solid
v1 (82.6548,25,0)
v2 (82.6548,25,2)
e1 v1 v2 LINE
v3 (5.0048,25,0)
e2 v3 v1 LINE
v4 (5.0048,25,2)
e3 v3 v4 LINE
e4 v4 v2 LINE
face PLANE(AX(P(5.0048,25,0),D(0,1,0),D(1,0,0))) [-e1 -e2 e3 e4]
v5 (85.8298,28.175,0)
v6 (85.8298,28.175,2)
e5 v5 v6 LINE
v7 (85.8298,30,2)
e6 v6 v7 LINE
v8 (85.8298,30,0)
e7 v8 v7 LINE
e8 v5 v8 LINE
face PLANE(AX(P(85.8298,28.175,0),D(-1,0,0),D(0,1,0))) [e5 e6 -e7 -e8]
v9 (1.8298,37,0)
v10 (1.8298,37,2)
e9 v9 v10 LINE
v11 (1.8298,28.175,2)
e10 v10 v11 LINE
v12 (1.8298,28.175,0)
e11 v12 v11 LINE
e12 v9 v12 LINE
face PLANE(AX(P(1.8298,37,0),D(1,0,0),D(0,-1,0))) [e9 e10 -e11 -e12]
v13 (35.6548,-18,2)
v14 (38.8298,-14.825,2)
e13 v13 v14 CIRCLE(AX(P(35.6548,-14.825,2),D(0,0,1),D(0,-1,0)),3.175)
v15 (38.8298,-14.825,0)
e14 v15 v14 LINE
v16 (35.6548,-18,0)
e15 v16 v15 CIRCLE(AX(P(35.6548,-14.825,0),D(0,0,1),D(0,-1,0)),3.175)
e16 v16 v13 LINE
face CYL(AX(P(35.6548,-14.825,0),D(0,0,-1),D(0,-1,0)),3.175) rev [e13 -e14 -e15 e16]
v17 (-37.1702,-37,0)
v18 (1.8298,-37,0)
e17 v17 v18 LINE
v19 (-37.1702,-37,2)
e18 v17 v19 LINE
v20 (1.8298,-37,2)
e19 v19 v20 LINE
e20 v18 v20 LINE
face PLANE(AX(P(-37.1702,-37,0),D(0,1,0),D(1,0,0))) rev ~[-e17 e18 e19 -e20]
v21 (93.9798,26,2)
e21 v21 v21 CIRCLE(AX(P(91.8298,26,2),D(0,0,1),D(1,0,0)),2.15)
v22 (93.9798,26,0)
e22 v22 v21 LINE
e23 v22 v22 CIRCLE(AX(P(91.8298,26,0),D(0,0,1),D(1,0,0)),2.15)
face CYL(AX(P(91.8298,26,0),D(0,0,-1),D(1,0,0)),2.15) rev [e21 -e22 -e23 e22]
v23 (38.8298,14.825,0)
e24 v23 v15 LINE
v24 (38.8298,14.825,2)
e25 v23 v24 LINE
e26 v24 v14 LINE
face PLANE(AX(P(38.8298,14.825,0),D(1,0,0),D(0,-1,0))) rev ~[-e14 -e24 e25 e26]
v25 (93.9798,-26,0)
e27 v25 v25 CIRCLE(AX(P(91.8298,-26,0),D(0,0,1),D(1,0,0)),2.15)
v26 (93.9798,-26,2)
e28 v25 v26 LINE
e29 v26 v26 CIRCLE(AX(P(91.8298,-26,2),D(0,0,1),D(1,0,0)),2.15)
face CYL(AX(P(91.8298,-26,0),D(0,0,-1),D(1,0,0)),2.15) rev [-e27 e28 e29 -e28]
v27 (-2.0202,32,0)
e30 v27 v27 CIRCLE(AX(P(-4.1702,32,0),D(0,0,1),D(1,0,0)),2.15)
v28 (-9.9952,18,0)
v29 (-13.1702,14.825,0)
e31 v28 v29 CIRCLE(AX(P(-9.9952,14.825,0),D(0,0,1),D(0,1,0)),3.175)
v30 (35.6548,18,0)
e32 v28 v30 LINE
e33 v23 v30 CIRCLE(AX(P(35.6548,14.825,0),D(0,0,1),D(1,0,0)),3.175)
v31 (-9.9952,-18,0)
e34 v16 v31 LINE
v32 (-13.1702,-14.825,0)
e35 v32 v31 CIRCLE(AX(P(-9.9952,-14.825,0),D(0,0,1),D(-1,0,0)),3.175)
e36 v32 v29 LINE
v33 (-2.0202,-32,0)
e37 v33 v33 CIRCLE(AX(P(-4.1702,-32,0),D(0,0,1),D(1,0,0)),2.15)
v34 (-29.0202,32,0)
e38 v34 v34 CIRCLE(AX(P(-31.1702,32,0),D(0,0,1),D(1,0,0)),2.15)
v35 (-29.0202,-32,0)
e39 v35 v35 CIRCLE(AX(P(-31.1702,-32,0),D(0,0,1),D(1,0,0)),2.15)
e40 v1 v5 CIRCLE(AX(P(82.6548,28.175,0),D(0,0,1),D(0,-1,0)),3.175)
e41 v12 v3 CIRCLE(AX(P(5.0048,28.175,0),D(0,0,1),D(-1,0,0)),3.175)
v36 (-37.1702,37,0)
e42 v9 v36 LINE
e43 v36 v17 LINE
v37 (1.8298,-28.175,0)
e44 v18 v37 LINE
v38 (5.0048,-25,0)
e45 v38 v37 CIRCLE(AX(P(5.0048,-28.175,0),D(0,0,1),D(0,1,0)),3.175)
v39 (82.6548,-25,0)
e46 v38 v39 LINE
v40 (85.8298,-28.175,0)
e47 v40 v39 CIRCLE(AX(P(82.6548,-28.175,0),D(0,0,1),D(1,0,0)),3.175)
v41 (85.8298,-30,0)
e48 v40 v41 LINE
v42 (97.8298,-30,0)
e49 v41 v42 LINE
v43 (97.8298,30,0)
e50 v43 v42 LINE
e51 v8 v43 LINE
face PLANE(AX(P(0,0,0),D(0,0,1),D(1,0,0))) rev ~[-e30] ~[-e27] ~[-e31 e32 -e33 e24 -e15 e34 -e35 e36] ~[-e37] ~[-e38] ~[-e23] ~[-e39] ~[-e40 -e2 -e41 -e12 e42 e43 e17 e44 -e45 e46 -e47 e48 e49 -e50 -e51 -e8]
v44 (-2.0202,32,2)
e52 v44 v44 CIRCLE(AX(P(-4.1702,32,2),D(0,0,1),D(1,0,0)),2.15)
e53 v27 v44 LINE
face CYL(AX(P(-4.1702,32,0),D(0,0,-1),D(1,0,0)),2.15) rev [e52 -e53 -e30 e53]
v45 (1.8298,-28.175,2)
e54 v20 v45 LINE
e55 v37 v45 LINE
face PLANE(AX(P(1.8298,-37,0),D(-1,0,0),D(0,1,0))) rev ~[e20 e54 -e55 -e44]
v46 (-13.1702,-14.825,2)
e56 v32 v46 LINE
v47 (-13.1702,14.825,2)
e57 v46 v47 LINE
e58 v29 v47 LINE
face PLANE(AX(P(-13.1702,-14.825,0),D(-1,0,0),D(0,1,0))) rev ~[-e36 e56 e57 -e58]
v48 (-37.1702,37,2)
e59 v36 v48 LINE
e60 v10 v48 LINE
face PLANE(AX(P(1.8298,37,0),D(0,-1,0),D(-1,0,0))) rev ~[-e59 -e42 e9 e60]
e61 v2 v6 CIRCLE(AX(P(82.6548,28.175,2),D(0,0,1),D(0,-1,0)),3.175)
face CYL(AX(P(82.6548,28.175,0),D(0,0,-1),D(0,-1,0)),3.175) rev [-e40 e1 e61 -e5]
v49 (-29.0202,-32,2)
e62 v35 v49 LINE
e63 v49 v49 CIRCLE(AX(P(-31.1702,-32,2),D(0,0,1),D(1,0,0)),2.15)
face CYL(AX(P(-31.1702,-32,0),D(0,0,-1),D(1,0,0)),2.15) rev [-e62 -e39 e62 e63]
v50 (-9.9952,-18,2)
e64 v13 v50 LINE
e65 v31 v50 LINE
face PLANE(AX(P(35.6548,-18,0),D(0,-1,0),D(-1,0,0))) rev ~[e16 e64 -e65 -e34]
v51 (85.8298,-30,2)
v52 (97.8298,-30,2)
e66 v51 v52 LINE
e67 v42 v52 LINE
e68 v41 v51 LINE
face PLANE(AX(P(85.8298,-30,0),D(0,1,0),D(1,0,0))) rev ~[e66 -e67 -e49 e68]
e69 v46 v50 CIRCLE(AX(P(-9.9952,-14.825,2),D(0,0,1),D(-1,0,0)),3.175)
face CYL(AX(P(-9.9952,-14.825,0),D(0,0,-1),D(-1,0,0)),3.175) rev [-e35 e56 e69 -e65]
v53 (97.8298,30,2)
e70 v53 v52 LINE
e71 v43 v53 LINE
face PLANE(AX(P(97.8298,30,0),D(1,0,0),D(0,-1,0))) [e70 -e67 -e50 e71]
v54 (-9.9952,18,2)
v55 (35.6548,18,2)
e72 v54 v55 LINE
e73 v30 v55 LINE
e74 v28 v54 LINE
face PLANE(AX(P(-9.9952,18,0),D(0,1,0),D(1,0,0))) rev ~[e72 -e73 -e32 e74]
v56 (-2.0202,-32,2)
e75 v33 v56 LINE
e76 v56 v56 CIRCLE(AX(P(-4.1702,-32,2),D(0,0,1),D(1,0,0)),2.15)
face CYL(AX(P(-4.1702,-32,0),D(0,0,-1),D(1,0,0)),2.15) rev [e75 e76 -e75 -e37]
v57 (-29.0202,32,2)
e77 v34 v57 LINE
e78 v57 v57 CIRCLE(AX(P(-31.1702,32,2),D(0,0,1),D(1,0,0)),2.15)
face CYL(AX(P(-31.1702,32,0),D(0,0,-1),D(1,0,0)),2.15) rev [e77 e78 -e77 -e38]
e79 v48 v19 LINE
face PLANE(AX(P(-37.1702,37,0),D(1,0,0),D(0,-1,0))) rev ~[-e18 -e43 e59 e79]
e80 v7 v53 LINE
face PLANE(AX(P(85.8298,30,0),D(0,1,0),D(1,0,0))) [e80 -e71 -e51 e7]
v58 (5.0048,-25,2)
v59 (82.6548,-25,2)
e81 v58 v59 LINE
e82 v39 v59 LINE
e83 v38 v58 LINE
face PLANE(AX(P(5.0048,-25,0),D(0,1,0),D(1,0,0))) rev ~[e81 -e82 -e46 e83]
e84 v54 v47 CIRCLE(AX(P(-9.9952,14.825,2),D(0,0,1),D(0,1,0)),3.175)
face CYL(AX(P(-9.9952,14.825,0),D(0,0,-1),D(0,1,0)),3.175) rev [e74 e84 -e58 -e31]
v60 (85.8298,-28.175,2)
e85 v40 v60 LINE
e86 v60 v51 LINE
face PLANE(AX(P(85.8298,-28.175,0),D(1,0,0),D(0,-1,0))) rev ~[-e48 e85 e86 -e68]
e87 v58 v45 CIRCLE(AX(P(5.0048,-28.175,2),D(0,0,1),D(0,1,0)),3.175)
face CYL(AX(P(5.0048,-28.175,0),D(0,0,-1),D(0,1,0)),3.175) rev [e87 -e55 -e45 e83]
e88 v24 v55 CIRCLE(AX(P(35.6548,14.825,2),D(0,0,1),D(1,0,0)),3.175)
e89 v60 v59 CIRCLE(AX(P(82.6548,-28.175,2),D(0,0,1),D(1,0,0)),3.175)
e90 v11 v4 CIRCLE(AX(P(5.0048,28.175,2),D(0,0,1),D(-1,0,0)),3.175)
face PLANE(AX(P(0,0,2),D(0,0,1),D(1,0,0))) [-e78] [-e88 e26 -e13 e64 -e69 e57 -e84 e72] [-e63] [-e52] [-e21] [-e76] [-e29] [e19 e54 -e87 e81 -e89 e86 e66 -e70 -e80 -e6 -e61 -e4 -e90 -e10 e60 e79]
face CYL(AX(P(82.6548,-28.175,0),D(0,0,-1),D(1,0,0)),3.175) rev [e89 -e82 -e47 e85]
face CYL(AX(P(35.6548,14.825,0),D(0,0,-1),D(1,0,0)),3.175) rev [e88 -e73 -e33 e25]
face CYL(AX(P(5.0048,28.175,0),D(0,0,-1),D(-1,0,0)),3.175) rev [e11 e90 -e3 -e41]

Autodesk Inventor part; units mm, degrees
ref_plane "YZ Plane" through (0, 0, 0) normal (1, 0, 0) x (0, 1, 0)
ref_plane "XZ Plane" through (0, 0, 0) normal (0, 1, 0) x (-1, 0, 0)
ref_plane "XY Plane" through (0, 0, 0) normal (0, 0, 1) x (1, 0, 0)
sketch "Sketch1" plane through (0, 0, 0) normal (0, 0, 1) x (1, 0, 0)
  circle A0 centre (91.8298, -26) radius 2.15
  circle A1 centre (91.8298, 26) radius 2.15
  line L0 (1.8298, 37) -> (-37.1702, 37)
  line L1 (-37.1702, 37) -> (-37.1702, -37)
  line L2 (-37.1702, -37) -> (1.8298, -37)
  circle A2 centre (-4.1702, -32) radius 2.15
  circle A3 centre (-31.1702, -32) radius 2.15
  circle A4 centre (-31.1702, 32) radius 2.15
  circle A5 centre (-4.1702, 32) radius 2.15
  line L3 (-9.9952, 18) -> (35.6548, 18)
  line L4 (38.8298, 14.825) -> (38.8298, -14.825)
  line L5 (35.6548, -18) -> (-9.9952, -18)
  line L6 (-13.1702, -14.825) -> (-13.1702, 14.825)
  arc A6 (-9.9952, 18) -> (-13.1702, 14.825) centre (-9.9952, 14.825) ccw
  arc A7 (-13.1702, -14.825) -> (-9.9952, -18) centre (-9.9952, -14.825) ccw
  arc A8 (38.8298, 14.825) -> (35.6548, 18) centre (35.6548, 14.825) ccw
  arc A9 (35.6548, -18) -> (38.8298, -14.825) centre (35.6548, -14.825) ccw
  line L7 (85.8298, 28.175) -> (85.8298, 30)
  line L8 (85.8298, 30) -> (97.8298, 30)
  line L9 (97.8298, 30) -> (97.8298, -30)
  line L10 (85.8298, -28.175) -> (85.8298, -30)
  line L11 (85.8298, -30) -> (97.8298, -30)
  arc A10 (82.6548, 25) -> (85.8298, 28.175) centre (82.6548, 28.175) ccw
  arc A11 (85.8298, -28.175) -> (82.6548, -25) centre (82.6548, -28.175) ccw
  line L12 (1.8298, 37) -> (1.8298, 28.175)
  line L13 (5.0048, 25) -> (82.6548, 25)
  line L14 (1.8298, -37) -> (1.8298, -28.175)
  line L15 (5.0048, -25) -> (82.6548, -25)
  arc A12 (1.8298, 28.175) -> (5.0048, 25) centre (5.0048, 28.175) ccw
  arc A13 (5.0048, -25) -> (1.8298, -28.175) centre (5.0048, -28.175) ccw
  point P0 (0, 0)
  point P1 (85.8298, 26.8)
  dimension "d2" = 4.3
  dimension "d3" = 4.3
  dimension "d20" = 6
  dimension "d21" = 6
  dimension "d23" = 4.3
  dimension "d24" = 4.3
  dimension "d25" = 4.3
  dimension "d26" = 4.3
  dimension "d41" = 3.175
  dimension "d53" = 6
  dimension "d54" = 6
  dimension "d55" = 6
  dimension "d57" = 3.175
  dimension "d63" = 84
  dimension "d64" = 3.175
  dimension "d65" = 3.175
  dimension "d68" = 84
  dimension "d69" = 36
  dimension "d70" = 52
  dimension "d75" = 6
  dimension "d76" = 6
  dimension "d78" = 12
  dimension "d79" = 39
  dimension "d80" = 24
  dimension "d81" = 7
  dimension "d82" = 7
  dimension "d83" = 74
  dimension "d84" = 12
  dimension "d85" = 5
  dimension "d86" = 5
  dimension "d87" = 5
  dimension "d88" = 5
  dimension "d89" = 37
  dimension "d90" = 52
  dimension "d92" = 26
  dimension "d93" = 25
  dimension "d94" = 25
  dimension "d95" = 4
  dimension "d96" = 4
extrude "Extrusion5" add sketch "Sketch1" along normal blind 2
equation "\"d3\" = d2"
equation "\"d20\" = d19"
equation "\"d21\" = d19"
equation "\"d24\" = d23"
equation "\"d25\" = d23"
equation "\"d26\" = d23"
equation "\"d54\" = d53"
equation "\"d55\" = d53"
equation "\"d68\" = d63"
equation "\"d75\" = d19"
equation "\"d76\" = d19"
equation "\"d19\" = 6"
properties part number "bottom support extension"
